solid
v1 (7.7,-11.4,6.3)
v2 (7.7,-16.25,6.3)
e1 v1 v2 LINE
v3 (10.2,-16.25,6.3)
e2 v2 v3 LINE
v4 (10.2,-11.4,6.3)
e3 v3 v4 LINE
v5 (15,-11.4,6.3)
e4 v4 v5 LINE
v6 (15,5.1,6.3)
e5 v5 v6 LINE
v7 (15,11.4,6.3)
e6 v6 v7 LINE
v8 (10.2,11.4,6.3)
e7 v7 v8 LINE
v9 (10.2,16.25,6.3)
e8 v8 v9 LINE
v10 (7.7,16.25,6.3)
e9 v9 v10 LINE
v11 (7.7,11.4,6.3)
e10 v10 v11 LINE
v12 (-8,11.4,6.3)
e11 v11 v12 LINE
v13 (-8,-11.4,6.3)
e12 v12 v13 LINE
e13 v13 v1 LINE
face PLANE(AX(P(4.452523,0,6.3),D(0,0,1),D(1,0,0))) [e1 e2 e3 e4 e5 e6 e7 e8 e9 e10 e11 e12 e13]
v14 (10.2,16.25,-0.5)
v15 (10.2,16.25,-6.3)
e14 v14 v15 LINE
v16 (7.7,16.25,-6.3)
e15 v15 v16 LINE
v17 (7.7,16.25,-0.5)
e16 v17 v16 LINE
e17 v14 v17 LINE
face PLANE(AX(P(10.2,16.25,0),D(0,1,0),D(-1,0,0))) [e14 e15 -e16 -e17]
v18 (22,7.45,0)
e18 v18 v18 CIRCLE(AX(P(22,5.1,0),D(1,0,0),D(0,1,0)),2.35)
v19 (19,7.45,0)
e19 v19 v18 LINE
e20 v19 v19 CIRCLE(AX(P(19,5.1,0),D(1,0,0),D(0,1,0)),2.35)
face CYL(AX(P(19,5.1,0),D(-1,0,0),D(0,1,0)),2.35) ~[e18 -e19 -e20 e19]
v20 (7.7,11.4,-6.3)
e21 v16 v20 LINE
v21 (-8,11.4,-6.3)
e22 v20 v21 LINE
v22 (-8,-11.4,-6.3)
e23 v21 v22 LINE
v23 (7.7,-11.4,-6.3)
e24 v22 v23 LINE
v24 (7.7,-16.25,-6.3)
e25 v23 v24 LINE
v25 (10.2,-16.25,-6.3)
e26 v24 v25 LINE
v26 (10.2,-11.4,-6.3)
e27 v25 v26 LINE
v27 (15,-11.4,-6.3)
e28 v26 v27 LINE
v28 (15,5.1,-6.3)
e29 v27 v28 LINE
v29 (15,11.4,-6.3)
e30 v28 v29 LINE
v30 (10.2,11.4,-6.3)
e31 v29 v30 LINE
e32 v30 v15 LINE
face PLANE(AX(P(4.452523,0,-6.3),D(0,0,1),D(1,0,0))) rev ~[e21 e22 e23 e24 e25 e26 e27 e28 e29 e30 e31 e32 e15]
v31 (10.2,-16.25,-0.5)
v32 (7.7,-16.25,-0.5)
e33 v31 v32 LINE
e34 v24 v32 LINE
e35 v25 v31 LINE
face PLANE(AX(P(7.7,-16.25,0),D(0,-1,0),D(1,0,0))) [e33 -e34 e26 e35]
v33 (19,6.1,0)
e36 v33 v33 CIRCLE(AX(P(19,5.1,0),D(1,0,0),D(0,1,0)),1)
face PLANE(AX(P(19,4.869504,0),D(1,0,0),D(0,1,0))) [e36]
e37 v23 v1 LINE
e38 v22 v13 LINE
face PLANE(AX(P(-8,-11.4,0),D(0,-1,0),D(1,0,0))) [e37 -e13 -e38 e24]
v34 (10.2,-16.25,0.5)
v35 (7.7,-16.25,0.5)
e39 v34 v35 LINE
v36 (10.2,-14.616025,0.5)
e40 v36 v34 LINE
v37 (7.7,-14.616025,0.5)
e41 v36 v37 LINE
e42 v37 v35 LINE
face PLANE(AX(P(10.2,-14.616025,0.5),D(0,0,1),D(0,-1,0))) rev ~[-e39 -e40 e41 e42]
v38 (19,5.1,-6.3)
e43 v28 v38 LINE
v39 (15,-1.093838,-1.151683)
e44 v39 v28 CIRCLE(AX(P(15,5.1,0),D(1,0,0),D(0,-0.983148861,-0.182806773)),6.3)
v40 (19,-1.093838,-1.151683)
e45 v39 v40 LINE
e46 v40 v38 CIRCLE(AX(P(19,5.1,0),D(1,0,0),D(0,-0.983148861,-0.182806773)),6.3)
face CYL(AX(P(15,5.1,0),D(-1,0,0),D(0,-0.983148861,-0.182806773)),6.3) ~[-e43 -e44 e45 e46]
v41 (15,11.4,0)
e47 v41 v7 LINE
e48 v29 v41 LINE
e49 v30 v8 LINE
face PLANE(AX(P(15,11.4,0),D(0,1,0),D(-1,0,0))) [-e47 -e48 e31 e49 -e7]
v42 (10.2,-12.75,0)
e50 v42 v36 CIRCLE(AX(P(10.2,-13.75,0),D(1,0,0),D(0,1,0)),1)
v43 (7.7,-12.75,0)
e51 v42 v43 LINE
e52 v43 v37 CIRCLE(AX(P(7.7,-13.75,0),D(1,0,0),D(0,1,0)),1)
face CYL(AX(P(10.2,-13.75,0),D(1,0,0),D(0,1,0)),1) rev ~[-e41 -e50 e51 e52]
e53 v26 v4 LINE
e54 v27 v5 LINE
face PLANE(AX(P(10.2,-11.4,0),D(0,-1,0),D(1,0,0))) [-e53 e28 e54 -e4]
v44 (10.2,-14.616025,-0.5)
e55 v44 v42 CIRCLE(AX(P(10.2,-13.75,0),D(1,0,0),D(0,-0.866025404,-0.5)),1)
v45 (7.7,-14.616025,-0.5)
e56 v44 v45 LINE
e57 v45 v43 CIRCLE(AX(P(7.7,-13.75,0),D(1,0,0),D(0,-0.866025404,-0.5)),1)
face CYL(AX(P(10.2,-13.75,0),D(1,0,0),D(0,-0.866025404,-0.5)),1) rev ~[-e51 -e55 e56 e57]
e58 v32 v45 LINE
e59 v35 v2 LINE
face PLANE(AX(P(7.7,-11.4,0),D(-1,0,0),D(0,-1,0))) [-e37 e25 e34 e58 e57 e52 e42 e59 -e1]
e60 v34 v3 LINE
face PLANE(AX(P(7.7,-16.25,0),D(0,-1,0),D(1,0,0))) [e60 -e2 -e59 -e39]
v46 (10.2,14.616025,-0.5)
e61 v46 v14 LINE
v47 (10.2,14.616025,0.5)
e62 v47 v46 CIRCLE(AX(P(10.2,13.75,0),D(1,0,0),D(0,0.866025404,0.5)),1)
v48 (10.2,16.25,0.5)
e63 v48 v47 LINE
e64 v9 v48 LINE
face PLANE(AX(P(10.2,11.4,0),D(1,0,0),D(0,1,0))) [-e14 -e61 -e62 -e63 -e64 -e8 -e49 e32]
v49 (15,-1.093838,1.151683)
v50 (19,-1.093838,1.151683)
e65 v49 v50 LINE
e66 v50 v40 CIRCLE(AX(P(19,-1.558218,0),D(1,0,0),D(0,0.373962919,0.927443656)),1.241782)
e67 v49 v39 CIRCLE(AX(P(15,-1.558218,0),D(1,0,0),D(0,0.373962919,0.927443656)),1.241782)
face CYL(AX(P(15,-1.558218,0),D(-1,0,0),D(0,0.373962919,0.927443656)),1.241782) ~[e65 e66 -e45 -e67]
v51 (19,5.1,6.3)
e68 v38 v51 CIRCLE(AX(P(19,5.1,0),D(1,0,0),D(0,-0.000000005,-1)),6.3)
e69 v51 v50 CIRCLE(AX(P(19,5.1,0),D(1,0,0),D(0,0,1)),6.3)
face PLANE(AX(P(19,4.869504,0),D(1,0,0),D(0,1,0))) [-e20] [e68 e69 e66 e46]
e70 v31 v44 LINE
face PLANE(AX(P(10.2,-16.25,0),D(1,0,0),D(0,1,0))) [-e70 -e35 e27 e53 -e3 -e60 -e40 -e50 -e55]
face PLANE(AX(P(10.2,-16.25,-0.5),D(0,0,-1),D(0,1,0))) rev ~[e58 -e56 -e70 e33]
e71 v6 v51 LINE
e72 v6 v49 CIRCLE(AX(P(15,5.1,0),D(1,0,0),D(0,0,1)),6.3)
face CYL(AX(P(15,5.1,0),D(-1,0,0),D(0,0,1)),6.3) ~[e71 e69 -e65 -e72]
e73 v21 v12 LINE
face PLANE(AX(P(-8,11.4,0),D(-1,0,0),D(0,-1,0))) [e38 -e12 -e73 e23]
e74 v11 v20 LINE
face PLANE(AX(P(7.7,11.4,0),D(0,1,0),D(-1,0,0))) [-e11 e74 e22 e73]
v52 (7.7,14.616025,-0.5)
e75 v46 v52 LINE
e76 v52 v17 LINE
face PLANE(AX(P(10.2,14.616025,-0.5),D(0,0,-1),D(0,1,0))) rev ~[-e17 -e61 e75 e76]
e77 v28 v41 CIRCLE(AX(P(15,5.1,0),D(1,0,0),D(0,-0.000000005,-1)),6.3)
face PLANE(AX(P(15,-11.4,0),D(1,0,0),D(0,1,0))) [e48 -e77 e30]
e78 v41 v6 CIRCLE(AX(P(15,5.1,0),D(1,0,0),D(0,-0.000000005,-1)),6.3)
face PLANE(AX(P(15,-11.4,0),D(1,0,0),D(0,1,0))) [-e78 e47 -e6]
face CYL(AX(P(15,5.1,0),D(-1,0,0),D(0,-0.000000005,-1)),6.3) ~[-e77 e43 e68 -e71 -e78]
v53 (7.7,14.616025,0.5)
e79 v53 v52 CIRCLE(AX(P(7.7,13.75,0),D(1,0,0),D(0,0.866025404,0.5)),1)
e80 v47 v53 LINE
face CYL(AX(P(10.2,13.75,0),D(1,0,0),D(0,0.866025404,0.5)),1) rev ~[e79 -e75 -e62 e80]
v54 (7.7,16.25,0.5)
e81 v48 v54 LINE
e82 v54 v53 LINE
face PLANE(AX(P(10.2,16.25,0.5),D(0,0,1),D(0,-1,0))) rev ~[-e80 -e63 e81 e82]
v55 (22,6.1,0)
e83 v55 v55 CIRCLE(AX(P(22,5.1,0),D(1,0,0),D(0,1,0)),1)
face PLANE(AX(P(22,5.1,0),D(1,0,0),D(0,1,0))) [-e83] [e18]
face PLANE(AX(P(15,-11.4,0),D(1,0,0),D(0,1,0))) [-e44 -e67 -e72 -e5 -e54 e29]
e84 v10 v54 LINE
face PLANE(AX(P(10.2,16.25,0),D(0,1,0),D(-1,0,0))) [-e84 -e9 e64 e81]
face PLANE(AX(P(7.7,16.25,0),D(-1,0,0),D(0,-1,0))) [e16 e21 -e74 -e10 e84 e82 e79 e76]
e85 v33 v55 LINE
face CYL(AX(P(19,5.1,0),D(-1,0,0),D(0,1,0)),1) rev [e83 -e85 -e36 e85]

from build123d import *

# Parameters (mm, degrees)
F1_DEPTH = 6.3
F3_DEPTH = 4
F4_R     = 2.35
F4_R_2   = 1
F5_DEPTH = 3
F7_DEPTH = 2.5


with BuildPart() as f1:
    # F0 (on Top) → F1 (new body, symmetric)
    with BuildSketch(Plane.XY):
        Polygon((7.7, 11.4), (-8, 11.4), (-8, -11.4), (7.7, -11.4), (7.7, -16.25), (10.2, -16.25), (10.2, -11.4), (15, -11.4), (15, 11.4), (10.2, 11.4), (10.2, 16.25), (7.7, 16.25), align=None)
    extrude(amount=F1_DEPTH, both=True)

    # F2 (on face) → F3 (join)
    with BuildSketch(Plane.YZ.offset(15)):
        with BuildLine():
            ThreePointArc((5.1, 6.3), (1.0729415714, 4.844873622), (-1.0938378269, 1.1516826707))
            ThreePointArc((-1.0938378269, 1.1516826707), (-1.2, 0), (-1.0938378269, -1.1516826707))
            ThreePointArc((-1.0938378269, -1.1516826707), (1.072941559, -4.8448736116), (5.0999999676, -6.3))
            ThreePointArc((5.0999999676, -6.3), (9.55477271, -4.4547727329), (11.4, 0))
            ThreePointArc((11.4, 0), (9.5547727215, 4.4547727215), (5.1, 6.3))
        make_face()
        with BuildLine():
            ThreePointArc((-1.0938378269, -1.1516826707), (-1.2, 0), (-1.0938378269, 1.1516826707))
            ThreePointArc((-1.0938378269, 1.1516826707), (-2.8, 0), (-1.0938378269, -1.1516826707))
        make_face()
    extrude(amount=F3_DEPTH)

    # F4 (on face) → F5 (join)
    with BuildSketch(Plane.YZ.offset(19)):
        with Locations((5.1, 0)):
            Circle(F4_R)
        with Locations((5.1, 0)):
            Circle(F4_R_2, mode=Mode.SUBTRACT)
    extrude(amount=F5_DEPTH)

    # F6 (on face) → F7 (cut, through all)
    with BuildSketch(Plane.YZ.offset(10.2)):
        with BuildLine():
            ThreePointArc((14.6160254038, -0.5), (14.7159258263, -0.2588190451), (14.75, 0))
            ThreePointArc((14.75, 0), (14.7159258263, 0.2588190451), (14.6160254038, 0.5))
            ThreePointArc((14.6160254038, 0.5), (12.75, 0), (14.6160254038, -0.5))
        make_face()
        with BuildLine():
            ThreePointArc((14.6160254038, 0.5), (14.7159258263, 0.2588190451), (14.75, 0))
            ThreePointArc((14.75, 0), (14.7159258263, -0.2588190451), (14.6160254038, -0.5))
            Line((14.6160254038, -0.5), (16.25, -0.5))
            Line((16.25, -0.5), (16.25, 0.5))
            Line((16.25, 0.5), (14.6160254038, 0.5))
        make_face()
        with BuildLine():
            ThreePointArc((-14.6160254038, -0.5), (-13.4911809549, -0.9659258263), (-12.75, 0))
            ThreePointArc((-12.75, 0), (-13.4911809549, 0.9659258263), (-14.6160254038, 0.5))
            ThreePointArc((-14.6160254038, 0.5), (-14.75, 0), (-14.6160254038, -0.5))
        make_face()
        with BuildLine():
            ThreePointArc((-14.6160254038, -0.5), (-14.75, 0), (-14.6160254038, 0.5))
            Line((-14.6160254038, 0.5), (-16.25, 0.5))
            Line((-16.25, 0.5), (-16.25, -0.5))
            Line((-16.25, -0.5), (-14.6160254038, -0.5))
        make_face()
    extrude(amount=-F7_DEPTH, mode=Mode.SUBTRACT)


solid = f1.part
